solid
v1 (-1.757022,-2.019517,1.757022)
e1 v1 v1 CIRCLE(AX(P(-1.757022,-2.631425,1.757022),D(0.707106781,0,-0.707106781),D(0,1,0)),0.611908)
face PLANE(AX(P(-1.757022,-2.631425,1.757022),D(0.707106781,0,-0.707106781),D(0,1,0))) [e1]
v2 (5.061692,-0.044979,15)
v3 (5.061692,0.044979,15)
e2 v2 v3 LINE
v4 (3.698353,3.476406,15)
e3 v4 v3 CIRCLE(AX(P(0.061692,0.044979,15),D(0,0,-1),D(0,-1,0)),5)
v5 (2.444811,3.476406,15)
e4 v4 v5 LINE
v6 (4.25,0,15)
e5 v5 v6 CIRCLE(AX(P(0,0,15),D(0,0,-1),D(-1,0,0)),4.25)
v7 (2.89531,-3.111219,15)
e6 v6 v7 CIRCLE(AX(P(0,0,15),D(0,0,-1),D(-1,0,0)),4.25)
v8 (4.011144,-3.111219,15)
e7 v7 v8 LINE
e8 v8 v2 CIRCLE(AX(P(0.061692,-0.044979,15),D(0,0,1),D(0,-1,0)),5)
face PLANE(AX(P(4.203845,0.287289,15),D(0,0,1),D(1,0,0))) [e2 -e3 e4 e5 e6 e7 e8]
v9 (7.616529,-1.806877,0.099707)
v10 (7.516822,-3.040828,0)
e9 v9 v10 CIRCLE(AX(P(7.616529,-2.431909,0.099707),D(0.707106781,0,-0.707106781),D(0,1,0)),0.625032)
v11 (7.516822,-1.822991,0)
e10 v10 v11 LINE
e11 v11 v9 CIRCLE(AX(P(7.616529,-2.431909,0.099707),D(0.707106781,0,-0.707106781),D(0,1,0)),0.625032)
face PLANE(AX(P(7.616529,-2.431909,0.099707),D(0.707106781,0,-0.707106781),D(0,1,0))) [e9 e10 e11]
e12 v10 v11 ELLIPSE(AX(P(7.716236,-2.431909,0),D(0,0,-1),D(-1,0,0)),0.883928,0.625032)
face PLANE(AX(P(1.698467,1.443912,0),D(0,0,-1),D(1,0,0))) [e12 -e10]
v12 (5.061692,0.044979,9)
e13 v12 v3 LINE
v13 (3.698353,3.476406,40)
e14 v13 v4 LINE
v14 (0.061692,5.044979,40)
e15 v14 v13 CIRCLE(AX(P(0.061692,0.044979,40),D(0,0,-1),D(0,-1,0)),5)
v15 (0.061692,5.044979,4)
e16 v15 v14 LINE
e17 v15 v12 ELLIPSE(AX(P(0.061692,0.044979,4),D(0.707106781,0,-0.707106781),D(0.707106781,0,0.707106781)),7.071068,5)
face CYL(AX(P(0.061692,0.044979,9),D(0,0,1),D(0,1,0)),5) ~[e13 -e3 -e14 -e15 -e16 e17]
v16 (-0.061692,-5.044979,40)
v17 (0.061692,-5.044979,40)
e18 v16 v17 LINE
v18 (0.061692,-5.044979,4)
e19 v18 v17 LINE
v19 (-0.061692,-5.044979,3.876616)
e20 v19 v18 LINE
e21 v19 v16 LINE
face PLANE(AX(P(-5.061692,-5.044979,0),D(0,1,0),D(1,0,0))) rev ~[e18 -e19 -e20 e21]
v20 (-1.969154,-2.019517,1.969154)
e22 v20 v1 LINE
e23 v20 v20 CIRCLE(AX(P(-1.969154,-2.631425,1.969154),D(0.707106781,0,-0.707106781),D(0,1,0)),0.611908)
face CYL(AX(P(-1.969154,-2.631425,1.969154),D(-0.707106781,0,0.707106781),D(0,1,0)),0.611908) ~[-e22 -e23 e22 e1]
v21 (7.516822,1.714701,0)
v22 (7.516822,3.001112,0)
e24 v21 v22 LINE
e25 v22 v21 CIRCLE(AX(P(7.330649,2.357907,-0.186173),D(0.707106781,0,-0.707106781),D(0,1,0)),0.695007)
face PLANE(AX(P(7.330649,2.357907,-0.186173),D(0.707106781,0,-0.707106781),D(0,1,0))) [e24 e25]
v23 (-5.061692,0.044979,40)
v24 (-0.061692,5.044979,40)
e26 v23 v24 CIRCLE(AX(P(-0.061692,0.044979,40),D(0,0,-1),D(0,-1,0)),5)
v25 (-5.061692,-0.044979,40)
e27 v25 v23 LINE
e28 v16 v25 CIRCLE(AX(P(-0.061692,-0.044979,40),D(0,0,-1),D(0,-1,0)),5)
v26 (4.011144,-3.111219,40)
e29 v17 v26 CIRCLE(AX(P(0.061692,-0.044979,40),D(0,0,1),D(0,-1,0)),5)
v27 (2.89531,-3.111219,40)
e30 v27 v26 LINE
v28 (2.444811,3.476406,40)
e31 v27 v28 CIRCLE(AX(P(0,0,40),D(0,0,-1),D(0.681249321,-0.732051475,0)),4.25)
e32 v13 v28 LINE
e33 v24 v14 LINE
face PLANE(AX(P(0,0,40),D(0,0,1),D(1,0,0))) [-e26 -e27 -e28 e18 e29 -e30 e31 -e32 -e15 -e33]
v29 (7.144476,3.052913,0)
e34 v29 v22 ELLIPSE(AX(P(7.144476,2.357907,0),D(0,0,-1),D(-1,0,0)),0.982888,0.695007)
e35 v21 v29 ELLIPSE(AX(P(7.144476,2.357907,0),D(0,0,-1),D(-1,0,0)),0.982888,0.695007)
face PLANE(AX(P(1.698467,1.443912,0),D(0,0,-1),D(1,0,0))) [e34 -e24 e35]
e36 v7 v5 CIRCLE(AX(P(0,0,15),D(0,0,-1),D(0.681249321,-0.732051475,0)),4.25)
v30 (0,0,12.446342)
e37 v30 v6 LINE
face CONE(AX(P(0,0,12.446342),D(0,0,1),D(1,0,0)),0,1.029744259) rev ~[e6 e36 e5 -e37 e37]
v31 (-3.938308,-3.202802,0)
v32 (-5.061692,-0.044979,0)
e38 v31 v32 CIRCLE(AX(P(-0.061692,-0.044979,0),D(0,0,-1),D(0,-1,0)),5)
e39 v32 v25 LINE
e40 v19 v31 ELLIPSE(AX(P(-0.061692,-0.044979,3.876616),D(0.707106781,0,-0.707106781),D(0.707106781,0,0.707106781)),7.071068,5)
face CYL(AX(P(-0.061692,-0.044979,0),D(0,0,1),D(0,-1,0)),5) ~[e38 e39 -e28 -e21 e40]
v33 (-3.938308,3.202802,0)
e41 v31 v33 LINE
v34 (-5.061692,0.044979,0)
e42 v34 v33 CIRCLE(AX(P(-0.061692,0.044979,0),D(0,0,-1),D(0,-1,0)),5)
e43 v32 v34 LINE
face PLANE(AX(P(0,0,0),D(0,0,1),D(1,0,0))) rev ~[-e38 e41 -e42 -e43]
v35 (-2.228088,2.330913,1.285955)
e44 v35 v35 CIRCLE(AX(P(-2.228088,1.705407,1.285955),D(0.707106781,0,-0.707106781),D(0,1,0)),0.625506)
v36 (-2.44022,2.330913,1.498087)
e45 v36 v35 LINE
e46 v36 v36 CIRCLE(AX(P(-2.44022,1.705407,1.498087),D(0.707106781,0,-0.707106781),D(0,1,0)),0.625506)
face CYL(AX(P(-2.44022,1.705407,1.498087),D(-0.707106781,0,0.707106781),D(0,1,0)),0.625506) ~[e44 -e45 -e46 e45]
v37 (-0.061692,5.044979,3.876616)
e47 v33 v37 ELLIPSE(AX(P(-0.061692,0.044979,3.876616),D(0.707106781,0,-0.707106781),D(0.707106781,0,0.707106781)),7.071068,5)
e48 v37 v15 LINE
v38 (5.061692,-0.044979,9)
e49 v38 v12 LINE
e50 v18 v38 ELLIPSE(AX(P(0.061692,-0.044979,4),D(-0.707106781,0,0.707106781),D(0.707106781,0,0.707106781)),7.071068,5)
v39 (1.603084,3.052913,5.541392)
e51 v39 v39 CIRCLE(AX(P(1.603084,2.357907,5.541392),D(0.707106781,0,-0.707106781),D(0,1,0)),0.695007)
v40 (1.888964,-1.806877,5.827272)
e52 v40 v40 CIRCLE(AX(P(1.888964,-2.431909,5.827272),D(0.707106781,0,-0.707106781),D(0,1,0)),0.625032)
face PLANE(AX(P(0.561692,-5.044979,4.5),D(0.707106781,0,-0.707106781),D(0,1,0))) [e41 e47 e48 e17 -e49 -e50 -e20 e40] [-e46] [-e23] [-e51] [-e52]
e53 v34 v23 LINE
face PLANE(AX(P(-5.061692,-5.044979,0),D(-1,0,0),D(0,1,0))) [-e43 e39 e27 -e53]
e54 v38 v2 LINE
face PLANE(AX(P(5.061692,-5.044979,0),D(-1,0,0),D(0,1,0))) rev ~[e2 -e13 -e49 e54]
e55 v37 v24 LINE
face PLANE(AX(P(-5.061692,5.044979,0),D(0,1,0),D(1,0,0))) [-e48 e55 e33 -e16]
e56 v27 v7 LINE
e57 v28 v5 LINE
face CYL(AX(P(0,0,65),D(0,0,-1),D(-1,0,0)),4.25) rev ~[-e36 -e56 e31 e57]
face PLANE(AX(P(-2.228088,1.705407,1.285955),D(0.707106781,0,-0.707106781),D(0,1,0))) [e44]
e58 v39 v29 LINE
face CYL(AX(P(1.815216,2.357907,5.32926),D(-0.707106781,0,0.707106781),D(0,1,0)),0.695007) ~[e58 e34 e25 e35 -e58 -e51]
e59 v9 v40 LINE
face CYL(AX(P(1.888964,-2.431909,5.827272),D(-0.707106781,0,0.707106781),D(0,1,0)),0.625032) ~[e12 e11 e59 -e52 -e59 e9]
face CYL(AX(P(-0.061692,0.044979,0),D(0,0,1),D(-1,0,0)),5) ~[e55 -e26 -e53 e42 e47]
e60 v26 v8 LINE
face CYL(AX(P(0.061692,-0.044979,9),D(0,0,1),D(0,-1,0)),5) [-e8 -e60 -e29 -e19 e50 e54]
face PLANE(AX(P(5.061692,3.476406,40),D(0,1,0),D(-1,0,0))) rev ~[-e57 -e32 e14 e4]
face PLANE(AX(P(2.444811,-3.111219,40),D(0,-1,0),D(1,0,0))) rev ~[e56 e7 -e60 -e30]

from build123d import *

# Parameters (mm, degrees)
F0_W      = 10.1233841851
F0_H      = 10.0899571553
F1_DEPTH  = 40
F3_D      = 8.5
F3_DEPTH  = 25
F3_TIP    = 2.5536576309
F4_SIZE   = 9
F5_R      = 0.6119078038
F5_R_2    = 0.6255064778
F5_R_3    = 0.6950065758
F5_R_4    = 0.6250316631
F6_DEPTH  = 0.3
F8_DEPTH  = 25
F9_R      = 5
F10_DEPTH = 7.8
F11_W     = 25.9334780276
F11_H     = 20.5789422616
F12_DEPTH = 25


with BuildPart() as f1:
    # F0 (on Top) → F1 (new body)
    with BuildSketch(Plane.XY):
        Rectangle(F0_W, F0_H)
    extrude(amount=F1_DEPTH)

    # F3
    with Locations(Plane.XY.offset(40)):
        with Locations((0, 0)):
            Hole(F3_D / 2, depth=F3_DEPTH)
            with Locations((0, 0, -(F3_DEPTH + F3_TIP / 2))):  # 118° drill point
                Cone(0, F3_D / 2, F3_TIP, mode=Mode.SUBTRACT)

    # F4
    f4_edges = [f1.edges().sort_by_distance(p)[0] for p in [
        (5.061692, 0, 0),
    ]]
    chamfer(f4_edges, length=F4_SIZE)

    # F5 (on face) → F6 (join)
    with BuildSketch(Plane(origin=(-1.9691539537, 0, 1.9691539537), x_dir=(0, 1, 0), z_dir=(0.7071067812, 0, -0.7071067812))):
        with Locations((-2.6314246934, 0)):
            Circle(F5_R)
        with Locations((1.7054068157, -0.6661886582)):
            Circle(F5_R_2)
        with Locations((2.3579068948, 5.0519071519)):
            Circle(F5_R_3)
        with Locations((-2.431909088, 5.4562026635)):
            Circle(F5_R_4)
    extrude(amount=F6_DEPTH)

    # F7 (on face) → F8 (cut)
    with BuildSketch(Plane.XY.offset(40)):
        with BuildLine():
            Line((2.8953096145, -3.1112187702), (5.0616920926, -3.1112187702))
            Line((5.0616920926, -3.1112187702), (5.0616920926, 3.4764062685))
            Line((5.0616920926, 3.4764062685), (2.44481072, 3.4764062685))
            ThreePointArc((2.44481072, 3.4764062685), (3.7717996739, 1.9585778565), (4.25, 0))
            ThreePointArc((4.25, 0), (3.8966373876, -1.6966782456), (2.8953096145, -3.1112187702))
        make_face()
        with BuildLine():
            Line((2.44481072, -3.1112187702), (2.8953096145, -3.1112187702))
            ThreePointArc((2.8953096145, -3.1112187702), (3.8966373876, -1.6966782456), (4.25, 0))
            ThreePointArc((4.25, 0), (3.7717996739, 1.9585778565), (2.44481072, 3.4764062685))
            Line((2.44481072, 3.4764062685), (2.44481072, -3.1112187702))
        make_face()
    extrude(amount=-F8_DEPTH, mode=Mode.SUBTRACT)

    # F9
    f9_edges = [f1.edges().sort_by_distance(p)[0] for p in [
        (-5.061692, 5.044979, 20),
        (-5.061692, -5.044979, 20),
        (5.061692, -5.044979, 24.5),
        (5.061692, 5.044979, 24.5),
    ]]
    fillet(f9_edges, radius=F9_R)

    # F10 (add): faces of the model
    f10_faces = [f1.faces().sort_by_distance(p)[0] for p in [
        (1.8152158857, 2.3579068948, 5.3292597244),
        (2.1010959835, -2.431909088, 5.6151398222),
    ]]
    extrude(f10_faces, amount=F10_DEPTH)

    # F11 (on face) → F12 (cut)
    with BuildSketch(Plane(origin=(0, 0, 0), x_dir=(1, 0, 0), z_dir=(0, 0, -1))):
        with Locations((1.6984669492, -1.4439118095)):
            Rectangle(F11_W, F11_H)
        with BuildLine():
            Line((-3.9383079074, 3.2028021674), (-3.9383079074, -3.2028021674))
            ThreePointArc((-3.9383079074, -3.2028021674), (-4.7724817862, -1.7208247707), (-5.0616920926, -0.0449785776))
            Line((-5.0616920926, -0.0449785776), (-5.0616920926, 0.0449785776))
            ThreePointArc((-5.0616920926, 0.0449785776), (-4.7724817862, 1.7208247707), (-3.9383079074, 3.2028021674))
        make_face(mode=Mode.SUBTRACT)
    extrude(amount=F12_DEPTH, mode=Mode.SUBTRACT)


solid = f1.part
